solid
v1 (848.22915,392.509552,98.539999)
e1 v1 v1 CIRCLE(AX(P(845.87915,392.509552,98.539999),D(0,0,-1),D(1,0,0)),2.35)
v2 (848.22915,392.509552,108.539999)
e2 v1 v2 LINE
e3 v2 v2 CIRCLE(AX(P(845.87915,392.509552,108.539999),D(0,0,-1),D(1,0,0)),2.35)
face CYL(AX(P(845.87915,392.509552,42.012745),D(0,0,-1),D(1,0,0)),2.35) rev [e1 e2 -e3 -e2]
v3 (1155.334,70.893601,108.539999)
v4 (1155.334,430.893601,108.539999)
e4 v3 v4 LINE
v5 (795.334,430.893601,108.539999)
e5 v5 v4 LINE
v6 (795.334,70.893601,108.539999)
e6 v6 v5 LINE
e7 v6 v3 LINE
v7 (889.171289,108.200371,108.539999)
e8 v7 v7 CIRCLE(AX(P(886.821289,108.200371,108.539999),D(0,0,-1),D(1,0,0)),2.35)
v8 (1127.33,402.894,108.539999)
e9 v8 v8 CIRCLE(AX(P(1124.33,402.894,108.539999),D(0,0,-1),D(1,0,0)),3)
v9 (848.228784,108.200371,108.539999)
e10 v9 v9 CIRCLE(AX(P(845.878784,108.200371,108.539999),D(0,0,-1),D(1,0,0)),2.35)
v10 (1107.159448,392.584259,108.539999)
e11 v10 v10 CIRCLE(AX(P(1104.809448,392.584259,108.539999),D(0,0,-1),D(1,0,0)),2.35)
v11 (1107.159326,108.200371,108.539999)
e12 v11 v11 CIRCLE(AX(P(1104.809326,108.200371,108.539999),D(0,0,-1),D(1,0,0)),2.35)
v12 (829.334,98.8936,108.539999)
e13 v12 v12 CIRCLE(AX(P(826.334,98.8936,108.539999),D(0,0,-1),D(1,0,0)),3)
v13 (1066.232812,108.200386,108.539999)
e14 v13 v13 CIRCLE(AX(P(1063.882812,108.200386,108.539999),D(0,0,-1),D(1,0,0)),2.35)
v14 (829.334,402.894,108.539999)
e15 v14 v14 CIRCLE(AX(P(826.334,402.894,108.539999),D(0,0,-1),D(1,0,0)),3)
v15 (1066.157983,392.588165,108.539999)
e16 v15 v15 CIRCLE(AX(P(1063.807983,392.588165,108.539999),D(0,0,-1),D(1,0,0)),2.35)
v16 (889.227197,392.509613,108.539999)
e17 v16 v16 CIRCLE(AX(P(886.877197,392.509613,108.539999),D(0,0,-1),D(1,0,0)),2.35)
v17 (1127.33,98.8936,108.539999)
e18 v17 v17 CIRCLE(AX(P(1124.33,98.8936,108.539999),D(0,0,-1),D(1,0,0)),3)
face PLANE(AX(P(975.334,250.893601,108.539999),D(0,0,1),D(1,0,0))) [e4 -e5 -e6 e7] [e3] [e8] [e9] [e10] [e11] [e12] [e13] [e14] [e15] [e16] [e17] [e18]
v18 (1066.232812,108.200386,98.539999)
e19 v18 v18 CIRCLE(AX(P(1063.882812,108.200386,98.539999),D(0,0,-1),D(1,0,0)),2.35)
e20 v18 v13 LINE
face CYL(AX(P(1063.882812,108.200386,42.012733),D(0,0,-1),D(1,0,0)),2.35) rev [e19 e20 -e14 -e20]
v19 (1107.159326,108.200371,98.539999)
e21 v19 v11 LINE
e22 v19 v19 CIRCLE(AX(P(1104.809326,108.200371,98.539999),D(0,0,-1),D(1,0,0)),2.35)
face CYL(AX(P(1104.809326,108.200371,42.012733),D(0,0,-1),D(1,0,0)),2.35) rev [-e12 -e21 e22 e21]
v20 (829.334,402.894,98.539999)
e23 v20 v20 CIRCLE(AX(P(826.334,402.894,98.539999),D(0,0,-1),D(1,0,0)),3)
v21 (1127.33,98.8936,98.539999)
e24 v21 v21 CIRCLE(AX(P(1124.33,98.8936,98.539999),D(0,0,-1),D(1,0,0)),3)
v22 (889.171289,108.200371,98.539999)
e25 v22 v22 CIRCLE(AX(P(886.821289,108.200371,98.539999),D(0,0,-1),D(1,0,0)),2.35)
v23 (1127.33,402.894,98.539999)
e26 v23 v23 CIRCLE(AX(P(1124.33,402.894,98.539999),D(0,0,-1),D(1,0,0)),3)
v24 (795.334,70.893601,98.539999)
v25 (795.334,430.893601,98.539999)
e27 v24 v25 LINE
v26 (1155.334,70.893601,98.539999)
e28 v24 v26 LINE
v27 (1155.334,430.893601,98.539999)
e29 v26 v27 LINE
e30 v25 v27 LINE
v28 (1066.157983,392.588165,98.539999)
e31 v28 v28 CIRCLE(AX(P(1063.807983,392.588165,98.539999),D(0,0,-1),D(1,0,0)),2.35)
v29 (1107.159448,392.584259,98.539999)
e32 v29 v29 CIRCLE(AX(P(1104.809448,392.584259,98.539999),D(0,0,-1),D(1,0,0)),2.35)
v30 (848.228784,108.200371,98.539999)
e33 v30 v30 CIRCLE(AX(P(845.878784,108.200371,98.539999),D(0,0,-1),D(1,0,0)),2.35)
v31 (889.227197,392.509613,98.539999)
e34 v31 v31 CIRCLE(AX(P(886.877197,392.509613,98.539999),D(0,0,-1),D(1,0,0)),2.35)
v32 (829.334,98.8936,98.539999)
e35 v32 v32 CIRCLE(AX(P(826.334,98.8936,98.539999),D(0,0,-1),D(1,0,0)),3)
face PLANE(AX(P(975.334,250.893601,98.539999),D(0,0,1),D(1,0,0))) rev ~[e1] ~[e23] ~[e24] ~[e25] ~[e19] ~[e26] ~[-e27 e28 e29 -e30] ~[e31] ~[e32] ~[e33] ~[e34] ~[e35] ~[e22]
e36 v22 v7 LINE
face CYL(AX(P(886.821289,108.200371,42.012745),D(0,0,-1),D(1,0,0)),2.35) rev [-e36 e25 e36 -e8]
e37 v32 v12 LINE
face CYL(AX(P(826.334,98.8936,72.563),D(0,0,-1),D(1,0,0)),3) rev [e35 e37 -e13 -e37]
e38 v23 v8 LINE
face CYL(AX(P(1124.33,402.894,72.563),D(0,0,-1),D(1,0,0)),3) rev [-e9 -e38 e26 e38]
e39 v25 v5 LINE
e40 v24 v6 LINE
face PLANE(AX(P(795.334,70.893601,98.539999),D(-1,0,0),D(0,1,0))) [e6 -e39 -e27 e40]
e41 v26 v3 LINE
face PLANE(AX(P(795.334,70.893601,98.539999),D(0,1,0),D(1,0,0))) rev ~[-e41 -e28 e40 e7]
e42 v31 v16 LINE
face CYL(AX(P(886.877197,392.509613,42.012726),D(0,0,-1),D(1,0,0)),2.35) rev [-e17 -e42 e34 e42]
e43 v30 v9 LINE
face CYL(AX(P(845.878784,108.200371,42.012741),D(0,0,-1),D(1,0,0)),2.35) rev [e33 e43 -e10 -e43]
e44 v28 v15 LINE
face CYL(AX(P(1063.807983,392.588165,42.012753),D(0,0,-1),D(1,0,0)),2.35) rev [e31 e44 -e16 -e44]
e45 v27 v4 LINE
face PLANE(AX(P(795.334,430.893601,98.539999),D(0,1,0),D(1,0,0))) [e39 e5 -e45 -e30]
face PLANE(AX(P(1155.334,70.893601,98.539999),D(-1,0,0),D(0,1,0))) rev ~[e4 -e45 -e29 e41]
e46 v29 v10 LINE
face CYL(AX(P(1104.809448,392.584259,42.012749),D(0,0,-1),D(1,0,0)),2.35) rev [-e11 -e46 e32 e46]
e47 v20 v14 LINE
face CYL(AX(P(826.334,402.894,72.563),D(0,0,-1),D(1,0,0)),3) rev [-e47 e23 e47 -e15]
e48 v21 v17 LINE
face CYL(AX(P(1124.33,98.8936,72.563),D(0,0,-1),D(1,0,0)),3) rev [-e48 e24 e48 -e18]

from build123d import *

# Parameters (mm, degrees)
CYLINDER011_R     = 3
CYLINDER011_DEPTH = 80
CYLINDER010_R     = 3
CYLINDER010_DEPTH = 80
CYLINDER009_R     = 3
CYLINDER009_DEPTH = 80
CYLINDER008_R     = 3
CYLINDER008_DEPTH = 80
CYLINDER007_R     = 2.35
CYLINDER007_DEPTH = 100
CYLINDER006_R     = 2.35
CYLINDER006_DEPTH = 100
CYLINDER005_R     = 2.35
CYLINDER005_DEPTH = 100
CYLINDER004_R     = 2.35
CYLINDER004_DEPTH = 100
CYLINDER003_R     = 2.35
CYLINDER003_DEPTH = 100
CYLINDER002_R     = 2.35
CYLINDER002_DEPTH = 100
CYLINDER001_R     = 2.35
CYLINDER001_DEPTH = 100
CYLINDER_R        = 2.35
CYLINDER_DEPTH    = 100
BOX_W             = 360
BOX_H             = 360
BOX_DEPTH         = 10


with BuildPart() as cylinder011:
    # Cylinder011 → Cylinder011 (new body)
    with BuildSketch(Plane(origin=(1124.33, 402.894, 72.563), x_dir=(1, 0, 0), z_dir=(0, 0, 1))):
        Circle(CYLINDER011_R)
    extrude(amount=CYLINDER011_DEPTH)


with BuildPart() as cylinder010:
    # Cylinder010 → Cylinder010 (new body)
    with BuildSketch(Plane(origin=(826.334, 402.894, 72.563), x_dir=(1, 0, 0), z_dir=(0, 0, 1))):
        Circle(CYLINDER010_R)
    extrude(amount=CYLINDER010_DEPTH)


with BuildPart() as cylinder009:
    # Cylinder009 → Cylinder009 (new body)
    with BuildSketch(Plane(origin=(1124.33, 98.8936, 72.563), x_dir=(1, 0, 0), z_dir=(0, 0, 1))):
        Circle(CYLINDER009_R)
    extrude(amount=CYLINDER009_DEPTH)


with BuildPart() as cylinder008:
    # Cylinder008 → Cylinder008 (new body)
    with BuildSketch(Plane(origin=(826.334, 98.8936, 72.563), x_dir=(1, 0, 0), z_dir=(0, 0, 1))):
        Circle(CYLINDER008_R)
    extrude(amount=CYLINDER008_DEPTH)


with BuildPart() as cylinder007:
    # Cylinder007 → Cylinder007 (new body)
    with BuildSketch(Plane(origin=(1104.809448, 392.584259, 42.012749), x_dir=(1, 0, 0), z_dir=(0, 0, 1))):
        Circle(CYLINDER007_R)
    extrude(amount=CYLINDER007_DEPTH)


with BuildPart() as cylinder006:
    # Cylinder006 → Cylinder006 (new body)
    with BuildSketch(Plane(origin=(1063.807983, 392.588165, 42.012753), x_dir=(1, 0, 0), z_dir=(0, 0, 1))):
        Circle(CYLINDER006_R)
    extrude(amount=CYLINDER006_DEPTH)


with BuildPart() as cylinder005:
    # Cylinder005 → Cylinder005 (new body)
    with BuildSketch(Plane(origin=(886.877197, 392.509613, 42.012726), x_dir=(1, 0, 0), z_dir=(0, 0, 1))):
        Circle(CYLINDER005_R)
    extrude(amount=CYLINDER005_DEPTH)


with BuildPart() as cylinder004:
    # Cylinder004 → Cylinder004 (new body)
    with BuildSketch(Plane(origin=(845.87915, 392.509552, 42.012745), x_dir=(1, 0, 0), z_dir=(0, 0, 1))):
        Circle(CYLINDER004_R)
    extrude(amount=CYLINDER004_DEPTH)


with BuildPart() as cylinder003:
    # Cylinder003 → Cylinder003 (new body)
    with BuildSketch(Plane(origin=(1104.809326, 108.200371, 42.012733), x_dir=(1, 0, 0), z_dir=(0, 0, 1))):
        Circle(CYLINDER003_R)
    extrude(amount=CYLINDER003_DEPTH)


with BuildPart() as cylinder002:
    # Cylinder002 → Cylinder002 (new body)
    with BuildSketch(Plane(origin=(1063.882812, 108.200386, 42.012733), x_dir=(1, 0, 0), z_dir=(0, 0, 1))):
        Circle(CYLINDER002_R)
    extrude(amount=CYLINDER002_DEPTH)


with BuildPart() as cylinder001:
    # Cylinder001 → Cylinder001 (new body)
    with BuildSketch(Plane(origin=(886.821289, 108.200371, 42.012745), x_dir=(1, 0, 0), z_dir=(0, 0, 1))):
        Circle(CYLINDER001_R)
    extrude(amount=CYLINDER001_DEPTH)


with BuildPart() as cylinder:
    # Cylinder → Cylinder (new body)
    with BuildSketch(Plane(origin=(845.878784, 108.200371, 42.012741), x_dir=(1, 0, 0), z_dir=(0, 0, 1))):
        Circle(CYLINDER_R)
    extrude(amount=CYLINDER_DEPTH)


with BuildPart() as cut011:
    # Box → Box (new body)
    with BuildSketch(Plane(origin=(795.334, 70.893601, 98.539999), x_dir=(1, 0, 0), z_dir=(0, 0, 1))):
        with Locations((180, 180)):
            Rectangle(BOX_W, BOX_H)
    extrude(amount=BOX_DEPTH)

    # Cut: cut Cylinder
    add(cylinder.part, mode=Mode.SUBTRACT)

    # Cut001: cut Cylinder001
    add(cylinder001.part, mode=Mode.SUBTRACT)

    # Cut002: cut Cylinder002
    add(cylinder002.part, mode=Mode.SUBTRACT)

    # Cut003: cut Cylinder003
    add(cylinder003.part, mode=Mode.SUBTRACT)

    # Cut004: cut Cylinder004
    add(cylinder004.part, mode=Mode.SUBTRACT)

    # Cut005: cut Cylinder005
    add(cylinder005.part, mode=Mode.SUBTRACT)

    # Cut006: cut Cylinder006
    add(cylinder006.part, mode=Mode.SUBTRACT)

    # Cut007: cut Cylinder007
    add(cylinder007.part, mode=Mode.SUBTRACT)

    # Cut008: cut Cylinder008
    add(cylinder008.part, mode=Mode.SUBTRACT)

    # Cut009: cut Cylinder009
    add(cylinder009.part, mode=Mode.SUBTRACT)

    # Cut010: cut Cylinder010
    add(cylinder010.part, mode=Mode.SUBTRACT)

    # Cut011: cut Cylinder011
    add(cylinder011.part, mode=Mode.SUBTRACT)


solid = cut011.part
